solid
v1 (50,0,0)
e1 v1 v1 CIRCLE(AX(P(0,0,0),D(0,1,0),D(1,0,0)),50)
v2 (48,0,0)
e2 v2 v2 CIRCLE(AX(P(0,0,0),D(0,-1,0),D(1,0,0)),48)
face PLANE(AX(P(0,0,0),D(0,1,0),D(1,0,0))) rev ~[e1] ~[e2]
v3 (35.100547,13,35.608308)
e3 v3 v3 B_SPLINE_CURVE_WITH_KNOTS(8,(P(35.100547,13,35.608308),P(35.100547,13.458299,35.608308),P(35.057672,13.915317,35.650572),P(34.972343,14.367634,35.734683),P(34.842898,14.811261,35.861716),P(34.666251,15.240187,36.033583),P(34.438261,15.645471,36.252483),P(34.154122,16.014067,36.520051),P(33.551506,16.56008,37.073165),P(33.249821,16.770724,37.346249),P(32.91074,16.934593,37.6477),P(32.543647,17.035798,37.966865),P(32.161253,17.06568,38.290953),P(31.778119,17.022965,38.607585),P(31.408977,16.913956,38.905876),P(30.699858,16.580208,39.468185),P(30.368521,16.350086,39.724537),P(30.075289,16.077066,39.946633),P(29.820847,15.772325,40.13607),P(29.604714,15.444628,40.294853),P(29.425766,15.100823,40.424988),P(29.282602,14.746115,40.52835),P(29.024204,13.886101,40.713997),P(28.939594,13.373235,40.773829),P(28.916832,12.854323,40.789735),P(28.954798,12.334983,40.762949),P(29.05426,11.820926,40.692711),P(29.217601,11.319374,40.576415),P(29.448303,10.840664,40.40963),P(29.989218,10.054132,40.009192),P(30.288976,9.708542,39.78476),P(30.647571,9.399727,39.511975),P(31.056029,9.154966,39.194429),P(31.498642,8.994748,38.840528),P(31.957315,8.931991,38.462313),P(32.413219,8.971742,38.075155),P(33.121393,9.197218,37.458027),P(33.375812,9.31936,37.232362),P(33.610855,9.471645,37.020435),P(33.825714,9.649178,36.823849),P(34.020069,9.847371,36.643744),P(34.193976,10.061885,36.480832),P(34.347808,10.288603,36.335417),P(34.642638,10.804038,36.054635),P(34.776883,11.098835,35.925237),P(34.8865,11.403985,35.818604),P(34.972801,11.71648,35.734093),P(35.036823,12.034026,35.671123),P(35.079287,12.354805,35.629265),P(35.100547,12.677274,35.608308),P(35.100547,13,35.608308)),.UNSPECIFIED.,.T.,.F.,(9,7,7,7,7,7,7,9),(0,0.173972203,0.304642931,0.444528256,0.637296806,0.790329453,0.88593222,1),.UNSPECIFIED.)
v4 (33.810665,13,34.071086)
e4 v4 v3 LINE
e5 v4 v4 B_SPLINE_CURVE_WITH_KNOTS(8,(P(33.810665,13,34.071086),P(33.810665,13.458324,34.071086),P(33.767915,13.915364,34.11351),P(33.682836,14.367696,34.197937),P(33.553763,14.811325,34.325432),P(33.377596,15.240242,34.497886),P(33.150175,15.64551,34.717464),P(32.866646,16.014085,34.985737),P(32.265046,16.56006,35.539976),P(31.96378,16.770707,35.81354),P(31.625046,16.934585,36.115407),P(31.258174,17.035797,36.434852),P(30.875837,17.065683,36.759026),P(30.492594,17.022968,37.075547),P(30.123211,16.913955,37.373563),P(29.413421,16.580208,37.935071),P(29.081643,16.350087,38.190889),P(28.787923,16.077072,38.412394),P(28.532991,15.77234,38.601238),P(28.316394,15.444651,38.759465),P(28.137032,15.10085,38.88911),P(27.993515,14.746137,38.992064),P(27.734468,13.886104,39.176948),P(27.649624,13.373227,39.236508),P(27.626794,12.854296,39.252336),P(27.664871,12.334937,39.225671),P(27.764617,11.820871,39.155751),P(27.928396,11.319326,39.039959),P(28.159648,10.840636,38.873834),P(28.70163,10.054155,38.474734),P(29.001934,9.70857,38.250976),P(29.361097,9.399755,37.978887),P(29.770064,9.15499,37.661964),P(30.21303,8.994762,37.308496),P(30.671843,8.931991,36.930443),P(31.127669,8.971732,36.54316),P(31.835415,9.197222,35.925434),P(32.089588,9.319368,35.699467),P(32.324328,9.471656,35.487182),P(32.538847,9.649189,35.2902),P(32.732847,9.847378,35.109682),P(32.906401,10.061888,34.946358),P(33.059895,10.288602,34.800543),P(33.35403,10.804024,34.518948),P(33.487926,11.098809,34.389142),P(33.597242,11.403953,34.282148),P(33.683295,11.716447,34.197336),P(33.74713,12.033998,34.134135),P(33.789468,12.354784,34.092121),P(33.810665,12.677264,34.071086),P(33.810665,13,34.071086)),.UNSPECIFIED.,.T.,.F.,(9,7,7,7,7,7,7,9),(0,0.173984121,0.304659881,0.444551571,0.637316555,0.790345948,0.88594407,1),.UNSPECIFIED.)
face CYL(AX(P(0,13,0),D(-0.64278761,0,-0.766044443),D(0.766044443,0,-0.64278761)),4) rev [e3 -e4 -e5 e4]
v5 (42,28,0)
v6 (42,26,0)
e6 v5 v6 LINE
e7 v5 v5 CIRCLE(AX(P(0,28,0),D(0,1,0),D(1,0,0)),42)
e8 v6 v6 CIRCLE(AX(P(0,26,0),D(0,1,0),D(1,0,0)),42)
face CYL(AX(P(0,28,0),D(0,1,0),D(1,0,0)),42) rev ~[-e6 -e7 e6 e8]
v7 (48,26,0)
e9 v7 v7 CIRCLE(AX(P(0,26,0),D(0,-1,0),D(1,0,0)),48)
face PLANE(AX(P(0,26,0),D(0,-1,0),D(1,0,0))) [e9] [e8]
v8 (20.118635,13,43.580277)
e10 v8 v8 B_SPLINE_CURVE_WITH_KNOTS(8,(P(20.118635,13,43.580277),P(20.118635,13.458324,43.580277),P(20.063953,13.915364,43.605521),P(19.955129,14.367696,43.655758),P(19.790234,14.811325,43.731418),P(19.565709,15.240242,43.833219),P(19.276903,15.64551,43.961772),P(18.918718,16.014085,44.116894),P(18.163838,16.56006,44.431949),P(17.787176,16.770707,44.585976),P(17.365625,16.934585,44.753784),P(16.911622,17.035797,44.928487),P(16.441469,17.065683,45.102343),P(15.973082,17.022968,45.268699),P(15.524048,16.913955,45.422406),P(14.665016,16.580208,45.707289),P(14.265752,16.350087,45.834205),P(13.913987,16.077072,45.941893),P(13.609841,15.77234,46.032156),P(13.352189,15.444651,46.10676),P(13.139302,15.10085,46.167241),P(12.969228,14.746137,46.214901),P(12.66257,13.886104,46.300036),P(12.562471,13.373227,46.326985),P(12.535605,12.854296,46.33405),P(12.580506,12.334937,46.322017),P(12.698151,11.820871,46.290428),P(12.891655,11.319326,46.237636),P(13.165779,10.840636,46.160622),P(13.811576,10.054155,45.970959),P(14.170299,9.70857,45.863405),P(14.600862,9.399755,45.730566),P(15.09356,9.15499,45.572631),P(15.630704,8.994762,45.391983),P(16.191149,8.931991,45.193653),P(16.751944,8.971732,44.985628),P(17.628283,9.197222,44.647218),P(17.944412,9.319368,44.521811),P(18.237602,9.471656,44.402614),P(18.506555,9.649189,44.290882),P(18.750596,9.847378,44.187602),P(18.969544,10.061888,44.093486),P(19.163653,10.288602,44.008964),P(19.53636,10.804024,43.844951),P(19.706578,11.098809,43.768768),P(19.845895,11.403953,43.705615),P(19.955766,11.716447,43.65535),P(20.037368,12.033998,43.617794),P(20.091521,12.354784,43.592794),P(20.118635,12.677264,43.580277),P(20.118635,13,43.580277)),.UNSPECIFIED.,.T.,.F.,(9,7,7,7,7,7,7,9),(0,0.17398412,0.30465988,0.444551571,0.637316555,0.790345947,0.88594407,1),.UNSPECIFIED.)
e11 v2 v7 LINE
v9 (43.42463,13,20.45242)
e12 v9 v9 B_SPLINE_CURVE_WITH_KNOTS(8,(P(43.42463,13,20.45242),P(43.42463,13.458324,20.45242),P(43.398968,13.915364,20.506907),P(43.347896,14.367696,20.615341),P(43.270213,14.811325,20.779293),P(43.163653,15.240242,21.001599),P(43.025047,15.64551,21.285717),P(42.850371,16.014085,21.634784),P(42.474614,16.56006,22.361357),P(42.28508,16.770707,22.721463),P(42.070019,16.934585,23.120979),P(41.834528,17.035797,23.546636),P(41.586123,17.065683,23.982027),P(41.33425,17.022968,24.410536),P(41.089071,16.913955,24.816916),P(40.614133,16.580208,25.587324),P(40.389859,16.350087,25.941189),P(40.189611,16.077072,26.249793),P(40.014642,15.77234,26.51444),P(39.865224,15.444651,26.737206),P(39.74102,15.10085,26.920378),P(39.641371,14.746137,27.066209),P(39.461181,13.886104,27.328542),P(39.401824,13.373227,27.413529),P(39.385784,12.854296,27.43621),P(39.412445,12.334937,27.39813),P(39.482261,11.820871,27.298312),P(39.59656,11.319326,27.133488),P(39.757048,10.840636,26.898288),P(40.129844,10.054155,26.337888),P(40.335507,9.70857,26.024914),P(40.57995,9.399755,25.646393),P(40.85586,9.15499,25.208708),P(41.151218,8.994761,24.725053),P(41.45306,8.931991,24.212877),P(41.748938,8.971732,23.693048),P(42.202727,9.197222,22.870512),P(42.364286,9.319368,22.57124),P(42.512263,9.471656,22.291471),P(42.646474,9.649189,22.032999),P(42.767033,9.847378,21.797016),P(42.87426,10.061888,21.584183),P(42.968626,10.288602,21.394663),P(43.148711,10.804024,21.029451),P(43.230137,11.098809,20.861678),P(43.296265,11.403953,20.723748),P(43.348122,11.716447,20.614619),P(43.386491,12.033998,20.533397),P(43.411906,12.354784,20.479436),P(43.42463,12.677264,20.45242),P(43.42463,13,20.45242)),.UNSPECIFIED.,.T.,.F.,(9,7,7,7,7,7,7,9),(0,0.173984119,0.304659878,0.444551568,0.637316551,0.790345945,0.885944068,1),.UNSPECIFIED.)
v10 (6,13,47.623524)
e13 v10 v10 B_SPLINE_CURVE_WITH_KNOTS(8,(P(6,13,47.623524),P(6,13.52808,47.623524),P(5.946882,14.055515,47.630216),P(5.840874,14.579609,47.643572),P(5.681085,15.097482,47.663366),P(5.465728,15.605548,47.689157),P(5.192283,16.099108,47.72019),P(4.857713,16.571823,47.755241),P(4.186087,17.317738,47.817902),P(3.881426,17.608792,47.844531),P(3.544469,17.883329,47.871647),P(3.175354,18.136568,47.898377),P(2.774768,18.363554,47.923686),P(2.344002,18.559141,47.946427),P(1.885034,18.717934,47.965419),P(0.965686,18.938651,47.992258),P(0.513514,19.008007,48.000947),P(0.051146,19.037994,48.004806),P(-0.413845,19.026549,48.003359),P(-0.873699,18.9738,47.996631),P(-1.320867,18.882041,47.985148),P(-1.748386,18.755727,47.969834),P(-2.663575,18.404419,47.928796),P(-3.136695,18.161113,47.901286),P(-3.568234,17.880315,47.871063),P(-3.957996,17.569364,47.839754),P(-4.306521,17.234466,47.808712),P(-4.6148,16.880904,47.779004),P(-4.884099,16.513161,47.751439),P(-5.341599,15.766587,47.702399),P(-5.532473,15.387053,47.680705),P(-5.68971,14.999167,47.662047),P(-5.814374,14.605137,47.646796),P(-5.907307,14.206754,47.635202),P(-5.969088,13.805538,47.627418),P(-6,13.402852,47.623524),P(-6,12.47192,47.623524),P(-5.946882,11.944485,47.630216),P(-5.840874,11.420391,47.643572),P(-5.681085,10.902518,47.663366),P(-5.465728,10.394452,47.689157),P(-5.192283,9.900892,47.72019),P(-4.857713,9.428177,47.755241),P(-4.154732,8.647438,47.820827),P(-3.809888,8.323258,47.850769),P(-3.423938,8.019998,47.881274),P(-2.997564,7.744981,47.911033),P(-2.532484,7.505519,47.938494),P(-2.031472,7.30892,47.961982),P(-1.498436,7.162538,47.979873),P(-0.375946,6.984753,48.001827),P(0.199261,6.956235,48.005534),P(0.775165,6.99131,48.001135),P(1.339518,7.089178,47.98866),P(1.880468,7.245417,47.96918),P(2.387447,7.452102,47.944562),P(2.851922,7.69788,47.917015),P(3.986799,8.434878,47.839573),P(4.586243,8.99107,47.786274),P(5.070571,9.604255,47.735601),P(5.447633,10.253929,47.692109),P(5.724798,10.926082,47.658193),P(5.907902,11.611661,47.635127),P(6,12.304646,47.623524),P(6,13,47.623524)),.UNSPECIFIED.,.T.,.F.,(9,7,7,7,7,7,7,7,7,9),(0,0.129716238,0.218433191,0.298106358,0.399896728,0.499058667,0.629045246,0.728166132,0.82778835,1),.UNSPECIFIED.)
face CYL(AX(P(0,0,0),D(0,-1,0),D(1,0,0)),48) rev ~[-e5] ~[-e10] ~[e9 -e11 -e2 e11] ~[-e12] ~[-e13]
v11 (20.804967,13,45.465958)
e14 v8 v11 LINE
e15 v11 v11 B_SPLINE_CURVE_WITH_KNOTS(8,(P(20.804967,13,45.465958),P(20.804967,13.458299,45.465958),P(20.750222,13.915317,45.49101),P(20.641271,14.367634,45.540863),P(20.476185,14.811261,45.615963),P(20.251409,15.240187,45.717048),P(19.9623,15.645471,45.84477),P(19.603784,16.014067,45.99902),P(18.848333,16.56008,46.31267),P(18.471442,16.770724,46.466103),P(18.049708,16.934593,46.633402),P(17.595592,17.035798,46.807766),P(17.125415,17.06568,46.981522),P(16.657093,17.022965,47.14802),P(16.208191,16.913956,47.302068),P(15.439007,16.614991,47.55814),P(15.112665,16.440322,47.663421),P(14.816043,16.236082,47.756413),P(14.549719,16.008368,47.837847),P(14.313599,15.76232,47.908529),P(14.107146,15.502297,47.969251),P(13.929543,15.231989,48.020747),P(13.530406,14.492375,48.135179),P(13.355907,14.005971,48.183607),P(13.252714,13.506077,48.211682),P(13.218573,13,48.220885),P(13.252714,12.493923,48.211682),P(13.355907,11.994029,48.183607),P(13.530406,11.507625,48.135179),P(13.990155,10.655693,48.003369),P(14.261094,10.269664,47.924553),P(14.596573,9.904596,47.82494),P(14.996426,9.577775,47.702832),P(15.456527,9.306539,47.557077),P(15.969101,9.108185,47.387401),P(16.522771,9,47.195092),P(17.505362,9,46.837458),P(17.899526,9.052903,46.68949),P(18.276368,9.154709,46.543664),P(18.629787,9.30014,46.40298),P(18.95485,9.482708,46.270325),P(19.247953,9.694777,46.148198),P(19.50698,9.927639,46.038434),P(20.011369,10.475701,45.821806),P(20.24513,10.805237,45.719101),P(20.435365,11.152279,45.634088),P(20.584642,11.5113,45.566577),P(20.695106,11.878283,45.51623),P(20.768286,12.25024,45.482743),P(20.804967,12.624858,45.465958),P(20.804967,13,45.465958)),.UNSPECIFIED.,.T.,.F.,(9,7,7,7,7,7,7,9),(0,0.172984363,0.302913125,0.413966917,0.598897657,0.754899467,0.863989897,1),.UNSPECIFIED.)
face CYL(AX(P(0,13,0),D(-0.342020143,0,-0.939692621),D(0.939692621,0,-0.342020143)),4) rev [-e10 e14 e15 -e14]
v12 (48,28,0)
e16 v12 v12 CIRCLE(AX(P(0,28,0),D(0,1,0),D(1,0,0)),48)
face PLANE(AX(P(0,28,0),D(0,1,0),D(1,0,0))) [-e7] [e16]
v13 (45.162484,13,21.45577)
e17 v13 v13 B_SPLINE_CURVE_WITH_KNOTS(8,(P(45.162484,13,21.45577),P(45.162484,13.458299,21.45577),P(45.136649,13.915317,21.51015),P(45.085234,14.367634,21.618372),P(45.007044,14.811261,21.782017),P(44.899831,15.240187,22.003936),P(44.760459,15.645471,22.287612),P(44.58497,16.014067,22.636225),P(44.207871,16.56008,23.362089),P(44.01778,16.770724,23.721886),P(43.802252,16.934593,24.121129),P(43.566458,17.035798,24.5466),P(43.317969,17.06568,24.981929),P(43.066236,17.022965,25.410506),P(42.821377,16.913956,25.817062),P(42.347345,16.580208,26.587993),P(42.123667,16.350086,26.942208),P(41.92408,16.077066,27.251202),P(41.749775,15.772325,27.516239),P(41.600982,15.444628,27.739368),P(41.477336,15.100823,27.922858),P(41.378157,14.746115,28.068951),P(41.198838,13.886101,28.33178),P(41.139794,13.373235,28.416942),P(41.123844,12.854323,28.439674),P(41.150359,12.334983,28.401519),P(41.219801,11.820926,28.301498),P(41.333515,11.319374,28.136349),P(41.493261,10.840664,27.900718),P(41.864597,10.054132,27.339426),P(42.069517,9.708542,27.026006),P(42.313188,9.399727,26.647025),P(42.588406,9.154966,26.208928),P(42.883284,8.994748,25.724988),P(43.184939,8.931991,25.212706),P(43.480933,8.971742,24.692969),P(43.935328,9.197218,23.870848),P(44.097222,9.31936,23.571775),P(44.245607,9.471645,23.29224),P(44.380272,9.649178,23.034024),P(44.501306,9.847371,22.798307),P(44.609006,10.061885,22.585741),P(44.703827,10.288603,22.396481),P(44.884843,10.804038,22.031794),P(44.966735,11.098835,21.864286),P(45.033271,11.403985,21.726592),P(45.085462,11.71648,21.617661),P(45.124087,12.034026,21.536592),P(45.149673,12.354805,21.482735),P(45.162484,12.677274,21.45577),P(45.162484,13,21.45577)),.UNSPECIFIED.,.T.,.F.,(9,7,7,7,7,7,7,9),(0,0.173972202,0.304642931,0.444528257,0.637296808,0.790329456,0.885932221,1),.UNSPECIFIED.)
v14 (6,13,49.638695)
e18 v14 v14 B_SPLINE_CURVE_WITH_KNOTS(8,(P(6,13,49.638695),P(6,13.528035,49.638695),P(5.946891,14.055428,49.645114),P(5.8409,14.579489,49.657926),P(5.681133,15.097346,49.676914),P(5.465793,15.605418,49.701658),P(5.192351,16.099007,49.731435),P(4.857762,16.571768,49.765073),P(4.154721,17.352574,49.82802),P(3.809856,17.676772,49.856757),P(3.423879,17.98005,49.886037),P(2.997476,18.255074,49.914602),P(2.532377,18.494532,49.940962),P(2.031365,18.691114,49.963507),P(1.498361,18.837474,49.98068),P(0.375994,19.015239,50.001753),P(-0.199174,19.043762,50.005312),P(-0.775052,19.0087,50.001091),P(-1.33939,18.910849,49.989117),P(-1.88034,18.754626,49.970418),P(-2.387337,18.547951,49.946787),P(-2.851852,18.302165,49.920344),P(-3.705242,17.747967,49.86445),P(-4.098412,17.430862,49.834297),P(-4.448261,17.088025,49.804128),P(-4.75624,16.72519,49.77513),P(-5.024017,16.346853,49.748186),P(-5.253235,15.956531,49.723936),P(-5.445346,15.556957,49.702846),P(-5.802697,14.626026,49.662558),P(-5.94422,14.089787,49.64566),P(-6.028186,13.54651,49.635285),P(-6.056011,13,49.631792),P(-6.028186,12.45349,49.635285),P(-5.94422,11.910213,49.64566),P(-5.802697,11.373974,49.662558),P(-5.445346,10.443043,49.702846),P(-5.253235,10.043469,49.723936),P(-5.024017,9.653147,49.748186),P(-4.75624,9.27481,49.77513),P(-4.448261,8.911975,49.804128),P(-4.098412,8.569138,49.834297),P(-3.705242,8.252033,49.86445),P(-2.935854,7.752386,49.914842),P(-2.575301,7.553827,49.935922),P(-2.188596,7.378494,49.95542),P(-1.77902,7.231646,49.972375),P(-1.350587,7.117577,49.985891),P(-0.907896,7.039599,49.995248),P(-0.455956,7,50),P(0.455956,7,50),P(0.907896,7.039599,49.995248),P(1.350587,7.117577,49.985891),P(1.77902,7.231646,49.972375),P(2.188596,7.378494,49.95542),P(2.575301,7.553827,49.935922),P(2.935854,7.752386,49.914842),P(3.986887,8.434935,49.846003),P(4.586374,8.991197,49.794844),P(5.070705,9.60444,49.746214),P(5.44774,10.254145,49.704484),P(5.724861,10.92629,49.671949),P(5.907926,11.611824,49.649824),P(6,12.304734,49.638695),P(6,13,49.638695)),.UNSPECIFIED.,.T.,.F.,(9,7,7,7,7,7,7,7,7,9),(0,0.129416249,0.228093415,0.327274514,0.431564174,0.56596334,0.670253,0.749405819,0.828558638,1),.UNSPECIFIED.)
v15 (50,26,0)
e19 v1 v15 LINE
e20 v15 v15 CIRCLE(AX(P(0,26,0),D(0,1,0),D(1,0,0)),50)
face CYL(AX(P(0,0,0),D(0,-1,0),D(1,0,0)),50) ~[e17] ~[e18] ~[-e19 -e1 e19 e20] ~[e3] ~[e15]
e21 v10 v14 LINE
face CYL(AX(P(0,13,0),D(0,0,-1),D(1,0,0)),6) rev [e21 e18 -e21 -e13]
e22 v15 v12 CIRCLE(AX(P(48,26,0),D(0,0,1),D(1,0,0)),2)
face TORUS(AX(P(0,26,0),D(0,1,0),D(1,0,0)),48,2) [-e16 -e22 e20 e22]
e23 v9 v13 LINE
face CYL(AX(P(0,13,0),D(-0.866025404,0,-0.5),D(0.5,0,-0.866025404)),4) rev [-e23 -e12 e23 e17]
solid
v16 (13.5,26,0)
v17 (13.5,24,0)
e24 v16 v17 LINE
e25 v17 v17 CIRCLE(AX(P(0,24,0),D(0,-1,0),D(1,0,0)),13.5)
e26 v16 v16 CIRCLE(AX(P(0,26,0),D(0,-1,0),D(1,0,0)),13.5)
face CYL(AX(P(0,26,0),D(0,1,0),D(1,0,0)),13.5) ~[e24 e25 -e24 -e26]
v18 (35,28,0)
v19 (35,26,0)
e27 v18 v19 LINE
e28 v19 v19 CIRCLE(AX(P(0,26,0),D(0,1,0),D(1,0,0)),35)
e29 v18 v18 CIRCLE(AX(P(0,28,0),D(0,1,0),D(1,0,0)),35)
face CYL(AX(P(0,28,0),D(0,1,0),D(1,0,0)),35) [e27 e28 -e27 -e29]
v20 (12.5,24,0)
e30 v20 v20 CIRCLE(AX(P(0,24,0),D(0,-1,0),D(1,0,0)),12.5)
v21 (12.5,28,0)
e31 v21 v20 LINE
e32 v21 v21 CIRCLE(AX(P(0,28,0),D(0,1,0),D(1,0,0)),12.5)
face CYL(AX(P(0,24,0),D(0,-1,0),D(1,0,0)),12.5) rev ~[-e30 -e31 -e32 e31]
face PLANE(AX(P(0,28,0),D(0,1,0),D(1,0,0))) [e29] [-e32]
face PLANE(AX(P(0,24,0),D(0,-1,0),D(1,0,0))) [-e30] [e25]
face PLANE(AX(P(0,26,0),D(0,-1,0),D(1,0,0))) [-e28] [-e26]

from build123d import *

# Parameters (mm, degrees)
SKETCH1_R           = 50
BOSS_EXTRUDE1_DEPTH = 28
SKETCH3_R           = 48
CUT_EXTRUDE1_DEPTH  = 26
SKETCH4_R           = 42
SKETCH4_R_2         = 35
CUT_EXTRUDE2_DEPTH  = 10
SKETCH5_R           = 12.5
CUT_EXTRUDE3_DEPTH  = 10
FILLET1_R           = 2
SKETCH6_R           = 4
CUT_EXTRUDE4_DEPTH  = 51
CIRPATTERN1_COUNT   = 4
CIRPATTERN1_ANGLE   = 60
SKETCH7_R           = 6
CUT_EXTRUDE5_DEPTH  = 51.000000101
SKETCH8_R           = 13.5
BOSS_EXTRUDE2_DEPTH = 2
SKETCH9_R           = 12.5
CUT_EXTRUDE6_DEPTH  = 5


with BuildPart() as part:
    # Sketch1 → Boss-Extrude1 (new body)
    with BuildSketch(Plane(origin=(0, 0, 0), x_dir=(1, 0, 0), z_dir=(0, 1, 0))):
        Circle(SKETCH1_R)
    extrude(amount=BOSS_EXTRUDE1_DEPTH)

    # Sketch3 → Cut-Extrude1 (cut)
    with BuildSketch(Plane.XZ):
        Circle(SKETCH3_R)
    extrude(amount=-CUT_EXTRUDE1_DEPTH, mode=Mode.SUBTRACT)

    # Sketch4 → Cut-Extrude2 (cut)
    with BuildSketch(Plane(origin=(0, 28, 0), x_dir=(1, 0, 0), z_dir=(0, 1, 0))):
        Circle(SKETCH4_R)
        Circle(SKETCH4_R_2, mode=Mode.SUBTRACT)
    extrude(amount=-CUT_EXTRUDE2_DEPTH, mode=Mode.SUBTRACT)

    # Sketch5 → Cut-Extrude3 (cut)
    with BuildSketch(Plane(origin=(0, 28, 0), x_dir=(1, 0, 0), z_dir=(0, 1, 0))):
        Circle(SKETCH5_R)
    extrude(amount=-CUT_EXTRUDE3_DEPTH, mode=Mode.SUBTRACT)

    # Fillet1
    fillet1_edges = [part.edges().sort_by_distance(p)[0] for p in [
        (-50, 28, 0),
    ]]
    fillet(fillet1_edges, radius=FILLET1_R)

    # Sketch6 → Cut-Extrude4 (cut, through all)
    with BuildSketch(Plane.XY):
        with Locations((0, 13)):
            Circle(SKETCH6_R)
    cut_extrude4 = extrude(amount=CUT_EXTRUDE4_DEPTH, mode=Mode.SUBTRACT)

    # CirPattern1: Cut-Extrude4 ×4 about axis
    cirpattern1_axis = Axis((0, 26, 0), (0, 1, 0))
    for i in range(1, CIRPATTERN1_COUNT):
        add(cut_extrude4.rotate(cirpattern1_axis, i * CIRPATTERN1_ANGLE / (CIRPATTERN1_COUNT - 1)), mode=Mode.SUBTRACT)

    # Sketch7 → Cut-Extrude5 (cut, through all)
    with BuildSketch(Plane.XY):
        with Locations((0, 13)):
            Circle(SKETCH7_R)
    extrude(amount=CUT_EXTRUDE5_DEPTH, mode=Mode.SUBTRACT)

    # Sketch8 → Boss-Extrude2 (add)
    with BuildSketch(Plane.XZ.offset(-26)):
        Circle(SKETCH8_R)
    extrude(amount=BOSS_EXTRUDE2_DEPTH)

    # Sketch9 → Cut-Extrude6 (cut, through all)
    with BuildSketch(Plane.XZ.offset(-24)):
        Circle(SKETCH9_R)
    extrude(amount=-CUT_EXTRUDE6_DEPTH, mode=Mode.SUBTRACT)


solid = part.part
